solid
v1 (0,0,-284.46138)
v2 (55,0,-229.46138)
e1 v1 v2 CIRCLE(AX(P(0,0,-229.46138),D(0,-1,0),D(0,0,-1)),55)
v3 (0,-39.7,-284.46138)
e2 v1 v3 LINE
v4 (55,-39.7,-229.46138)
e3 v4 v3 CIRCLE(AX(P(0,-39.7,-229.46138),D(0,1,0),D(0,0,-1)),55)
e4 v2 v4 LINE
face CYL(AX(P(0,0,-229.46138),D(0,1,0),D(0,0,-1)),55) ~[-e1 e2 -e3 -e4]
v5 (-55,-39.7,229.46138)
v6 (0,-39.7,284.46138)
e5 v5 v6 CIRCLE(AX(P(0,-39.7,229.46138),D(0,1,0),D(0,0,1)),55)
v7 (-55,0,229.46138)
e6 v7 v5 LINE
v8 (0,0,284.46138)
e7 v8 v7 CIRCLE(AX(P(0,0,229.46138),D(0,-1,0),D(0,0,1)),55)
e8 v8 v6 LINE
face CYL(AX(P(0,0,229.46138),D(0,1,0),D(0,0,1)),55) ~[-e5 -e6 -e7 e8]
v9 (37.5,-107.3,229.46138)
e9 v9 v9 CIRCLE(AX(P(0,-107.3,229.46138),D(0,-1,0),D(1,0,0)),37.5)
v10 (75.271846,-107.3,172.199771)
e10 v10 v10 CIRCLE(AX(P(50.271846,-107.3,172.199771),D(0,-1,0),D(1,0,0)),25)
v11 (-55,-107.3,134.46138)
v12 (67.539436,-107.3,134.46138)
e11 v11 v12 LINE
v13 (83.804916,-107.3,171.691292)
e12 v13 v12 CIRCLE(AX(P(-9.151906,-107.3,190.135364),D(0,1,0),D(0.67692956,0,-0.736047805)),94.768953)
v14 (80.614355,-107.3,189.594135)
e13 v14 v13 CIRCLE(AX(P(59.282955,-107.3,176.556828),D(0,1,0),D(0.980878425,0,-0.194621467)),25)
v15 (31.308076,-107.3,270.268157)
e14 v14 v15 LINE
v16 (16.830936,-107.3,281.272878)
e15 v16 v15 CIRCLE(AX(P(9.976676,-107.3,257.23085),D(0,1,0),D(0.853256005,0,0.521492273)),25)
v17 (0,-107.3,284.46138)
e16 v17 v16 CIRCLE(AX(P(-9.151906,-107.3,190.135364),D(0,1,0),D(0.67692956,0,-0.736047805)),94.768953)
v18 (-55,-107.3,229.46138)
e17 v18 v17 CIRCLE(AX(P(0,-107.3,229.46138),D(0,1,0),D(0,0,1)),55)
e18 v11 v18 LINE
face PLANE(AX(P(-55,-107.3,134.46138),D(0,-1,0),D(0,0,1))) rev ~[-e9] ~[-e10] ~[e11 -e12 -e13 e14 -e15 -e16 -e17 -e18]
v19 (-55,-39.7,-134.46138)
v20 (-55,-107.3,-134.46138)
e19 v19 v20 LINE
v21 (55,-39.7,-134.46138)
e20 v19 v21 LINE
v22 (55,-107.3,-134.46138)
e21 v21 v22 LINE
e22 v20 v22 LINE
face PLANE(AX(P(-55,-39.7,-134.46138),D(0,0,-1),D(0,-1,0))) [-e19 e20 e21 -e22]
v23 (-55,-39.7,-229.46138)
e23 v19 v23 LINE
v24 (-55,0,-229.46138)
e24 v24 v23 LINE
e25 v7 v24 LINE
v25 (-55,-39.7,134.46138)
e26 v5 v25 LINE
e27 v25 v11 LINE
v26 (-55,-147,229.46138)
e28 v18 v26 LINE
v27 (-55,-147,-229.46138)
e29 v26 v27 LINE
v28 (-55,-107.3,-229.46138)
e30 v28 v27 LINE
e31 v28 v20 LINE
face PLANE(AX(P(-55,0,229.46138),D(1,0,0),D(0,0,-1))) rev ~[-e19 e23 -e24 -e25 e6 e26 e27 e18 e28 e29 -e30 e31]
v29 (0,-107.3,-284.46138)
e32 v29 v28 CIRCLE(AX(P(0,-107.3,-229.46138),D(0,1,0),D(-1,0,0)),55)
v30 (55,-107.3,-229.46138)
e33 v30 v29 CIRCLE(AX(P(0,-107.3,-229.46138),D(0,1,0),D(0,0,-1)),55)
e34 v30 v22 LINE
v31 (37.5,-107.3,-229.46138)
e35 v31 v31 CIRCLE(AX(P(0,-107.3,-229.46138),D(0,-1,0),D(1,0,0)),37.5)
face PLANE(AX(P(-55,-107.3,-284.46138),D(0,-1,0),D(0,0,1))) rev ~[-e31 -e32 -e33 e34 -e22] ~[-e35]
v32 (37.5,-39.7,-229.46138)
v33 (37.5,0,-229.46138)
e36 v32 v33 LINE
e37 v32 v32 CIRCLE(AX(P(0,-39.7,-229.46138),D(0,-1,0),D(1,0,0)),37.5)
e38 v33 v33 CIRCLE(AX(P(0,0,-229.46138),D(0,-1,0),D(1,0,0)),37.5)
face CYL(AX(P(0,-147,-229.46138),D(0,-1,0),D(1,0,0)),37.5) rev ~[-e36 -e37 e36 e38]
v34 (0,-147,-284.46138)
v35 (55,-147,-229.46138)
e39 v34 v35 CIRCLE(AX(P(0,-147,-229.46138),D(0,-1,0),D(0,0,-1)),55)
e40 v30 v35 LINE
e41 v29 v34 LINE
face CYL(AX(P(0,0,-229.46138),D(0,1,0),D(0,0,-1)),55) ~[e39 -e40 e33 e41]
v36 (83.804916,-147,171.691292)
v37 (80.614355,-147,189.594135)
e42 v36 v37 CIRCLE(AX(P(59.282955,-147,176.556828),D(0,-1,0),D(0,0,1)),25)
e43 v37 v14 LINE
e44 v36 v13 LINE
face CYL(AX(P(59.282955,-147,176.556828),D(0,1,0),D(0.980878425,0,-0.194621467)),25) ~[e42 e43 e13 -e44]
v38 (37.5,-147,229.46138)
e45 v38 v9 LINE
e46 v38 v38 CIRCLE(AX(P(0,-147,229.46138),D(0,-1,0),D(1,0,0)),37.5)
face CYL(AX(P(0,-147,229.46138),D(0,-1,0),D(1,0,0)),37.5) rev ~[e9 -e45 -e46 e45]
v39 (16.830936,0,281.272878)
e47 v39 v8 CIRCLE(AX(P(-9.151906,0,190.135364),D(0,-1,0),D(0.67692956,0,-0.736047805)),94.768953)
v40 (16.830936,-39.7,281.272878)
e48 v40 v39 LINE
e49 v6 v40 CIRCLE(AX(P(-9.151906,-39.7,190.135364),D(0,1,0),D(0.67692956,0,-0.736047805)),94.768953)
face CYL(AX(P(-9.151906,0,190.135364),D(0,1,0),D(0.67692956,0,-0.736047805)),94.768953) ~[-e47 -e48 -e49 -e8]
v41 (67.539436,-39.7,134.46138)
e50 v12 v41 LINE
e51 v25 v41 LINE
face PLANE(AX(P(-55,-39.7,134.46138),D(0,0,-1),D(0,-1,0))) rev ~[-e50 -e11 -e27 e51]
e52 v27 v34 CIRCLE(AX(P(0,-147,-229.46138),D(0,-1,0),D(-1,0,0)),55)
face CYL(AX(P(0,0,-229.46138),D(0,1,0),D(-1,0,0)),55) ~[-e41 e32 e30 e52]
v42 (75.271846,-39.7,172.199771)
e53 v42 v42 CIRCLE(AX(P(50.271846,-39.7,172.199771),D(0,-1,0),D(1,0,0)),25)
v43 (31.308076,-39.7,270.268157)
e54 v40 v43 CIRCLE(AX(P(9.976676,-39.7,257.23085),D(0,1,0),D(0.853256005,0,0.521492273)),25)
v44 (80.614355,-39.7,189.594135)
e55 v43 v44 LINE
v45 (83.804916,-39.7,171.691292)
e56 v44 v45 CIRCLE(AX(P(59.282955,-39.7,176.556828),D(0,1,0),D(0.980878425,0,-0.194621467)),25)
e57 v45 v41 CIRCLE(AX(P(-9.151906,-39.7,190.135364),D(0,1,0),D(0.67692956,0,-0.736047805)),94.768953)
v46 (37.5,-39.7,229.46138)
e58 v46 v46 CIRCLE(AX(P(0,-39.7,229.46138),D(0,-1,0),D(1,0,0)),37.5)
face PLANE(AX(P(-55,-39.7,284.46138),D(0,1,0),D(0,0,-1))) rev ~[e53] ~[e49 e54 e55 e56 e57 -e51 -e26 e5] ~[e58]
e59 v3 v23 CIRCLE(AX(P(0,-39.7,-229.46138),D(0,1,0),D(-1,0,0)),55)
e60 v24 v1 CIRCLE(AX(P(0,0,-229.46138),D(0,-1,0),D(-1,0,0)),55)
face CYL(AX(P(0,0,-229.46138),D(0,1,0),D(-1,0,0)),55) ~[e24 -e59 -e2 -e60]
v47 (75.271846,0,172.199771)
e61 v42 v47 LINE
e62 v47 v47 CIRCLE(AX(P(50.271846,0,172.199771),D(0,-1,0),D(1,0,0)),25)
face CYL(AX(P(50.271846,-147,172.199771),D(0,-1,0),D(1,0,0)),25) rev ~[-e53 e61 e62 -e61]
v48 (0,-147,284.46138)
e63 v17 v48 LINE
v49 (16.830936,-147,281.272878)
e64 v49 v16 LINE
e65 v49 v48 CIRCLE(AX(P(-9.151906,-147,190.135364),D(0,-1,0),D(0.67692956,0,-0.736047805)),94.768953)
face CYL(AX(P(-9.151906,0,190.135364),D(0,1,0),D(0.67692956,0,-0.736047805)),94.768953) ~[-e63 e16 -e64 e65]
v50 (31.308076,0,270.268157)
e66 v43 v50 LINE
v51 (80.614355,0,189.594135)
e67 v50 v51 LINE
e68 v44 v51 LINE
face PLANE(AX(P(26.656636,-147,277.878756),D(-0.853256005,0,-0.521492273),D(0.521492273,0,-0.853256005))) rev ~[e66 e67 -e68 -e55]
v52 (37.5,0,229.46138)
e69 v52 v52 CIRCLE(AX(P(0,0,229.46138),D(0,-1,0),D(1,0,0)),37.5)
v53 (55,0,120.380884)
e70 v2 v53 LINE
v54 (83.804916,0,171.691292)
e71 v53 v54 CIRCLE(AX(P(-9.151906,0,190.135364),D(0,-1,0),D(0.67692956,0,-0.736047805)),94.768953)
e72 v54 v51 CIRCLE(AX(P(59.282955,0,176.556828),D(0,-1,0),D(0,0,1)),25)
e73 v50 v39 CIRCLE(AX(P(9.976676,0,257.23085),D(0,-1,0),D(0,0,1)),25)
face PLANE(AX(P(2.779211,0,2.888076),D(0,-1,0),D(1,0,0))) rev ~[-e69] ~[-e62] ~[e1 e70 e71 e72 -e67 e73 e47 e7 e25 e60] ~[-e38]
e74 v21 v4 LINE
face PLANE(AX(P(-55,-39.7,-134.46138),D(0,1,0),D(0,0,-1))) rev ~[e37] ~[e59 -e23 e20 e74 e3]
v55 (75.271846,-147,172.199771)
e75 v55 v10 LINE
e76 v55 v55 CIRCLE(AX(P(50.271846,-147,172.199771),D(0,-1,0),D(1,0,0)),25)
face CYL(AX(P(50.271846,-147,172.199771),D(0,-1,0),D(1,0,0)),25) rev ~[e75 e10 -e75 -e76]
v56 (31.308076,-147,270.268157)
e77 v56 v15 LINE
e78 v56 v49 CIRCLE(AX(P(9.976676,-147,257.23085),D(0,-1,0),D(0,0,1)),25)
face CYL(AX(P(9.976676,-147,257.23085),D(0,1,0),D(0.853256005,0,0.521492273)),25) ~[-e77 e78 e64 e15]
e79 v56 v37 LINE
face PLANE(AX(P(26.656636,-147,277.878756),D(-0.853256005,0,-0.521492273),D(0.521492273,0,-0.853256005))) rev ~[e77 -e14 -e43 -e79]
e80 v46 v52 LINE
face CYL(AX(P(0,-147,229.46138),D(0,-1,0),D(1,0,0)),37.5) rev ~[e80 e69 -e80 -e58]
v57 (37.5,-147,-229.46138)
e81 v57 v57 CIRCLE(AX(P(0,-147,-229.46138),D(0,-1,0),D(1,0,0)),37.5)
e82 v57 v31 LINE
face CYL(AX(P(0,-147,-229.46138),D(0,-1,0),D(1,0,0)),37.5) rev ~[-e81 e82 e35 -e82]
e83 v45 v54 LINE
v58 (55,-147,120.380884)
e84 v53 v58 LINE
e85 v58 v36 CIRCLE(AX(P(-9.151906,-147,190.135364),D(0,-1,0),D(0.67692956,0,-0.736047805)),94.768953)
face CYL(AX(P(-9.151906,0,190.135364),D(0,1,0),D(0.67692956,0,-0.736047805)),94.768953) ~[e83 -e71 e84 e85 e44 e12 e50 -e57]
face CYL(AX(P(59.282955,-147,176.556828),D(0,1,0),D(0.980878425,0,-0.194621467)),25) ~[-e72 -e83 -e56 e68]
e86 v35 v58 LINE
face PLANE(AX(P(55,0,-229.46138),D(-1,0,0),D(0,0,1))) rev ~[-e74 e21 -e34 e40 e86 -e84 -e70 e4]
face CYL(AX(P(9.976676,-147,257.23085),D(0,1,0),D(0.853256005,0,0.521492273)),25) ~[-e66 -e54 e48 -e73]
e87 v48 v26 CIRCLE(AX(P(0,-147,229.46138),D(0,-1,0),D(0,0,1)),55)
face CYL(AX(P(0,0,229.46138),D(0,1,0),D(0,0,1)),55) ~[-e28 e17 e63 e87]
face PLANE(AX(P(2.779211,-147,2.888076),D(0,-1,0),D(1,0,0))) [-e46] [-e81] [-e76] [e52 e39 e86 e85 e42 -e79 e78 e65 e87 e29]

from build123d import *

# Parameters (mm, degrees)
F1_DEPTH = 147
F2_R     = 37.5
F2_R_2   = 25
F3_DEPTH = 147.001
F5_DEPTH = 147.001
F6_R     = 25
F7_W     = 67.6
F7_H     = 95
F7_H_2   = 55
F8_DEPTH = 139.2839551991


with BuildPart() as f1:
    # F0 (on Front) → F1 (new body)
    with BuildSketch(Plane.XZ):
        with BuildLine():
            Line((55, -229.4613795656), (55, 120.3808841783))
            ThreePointArc((55, 120.3808841783), (80.7033356829, 220.2549606622), (0, 284.4613795656))
            ThreePointArc((0, 284.4613795656), (-38.8908729653, 268.3522525309), (-55, 229.4613795656))
            Line((-55, 229.4613795656), (-55, -229.4613795656))
            ThreePointArc((-55, -229.4613795656), (-38.8908729653, -268.3522525309), (0, -284.4613795656))
            ThreePointArc((0, -284.4613795656), (38.8908729653, -268.3522525309), (55, -229.4613795656))
        make_face()
    extrude(amount=F1_DEPTH)

    # F2 (on face) → F3 (cut, through all)
    with BuildSketch(Plane.XZ.offset(147)):
        with Locations((0, 229.4613795656)):
            Circle(F2_R)
        with Locations((0, -229.4613795656)):
            Circle(F2_R)
        with Locations((50.271846354, 172.1997708082)):
            Circle(F2_R_2)
    extrude(amount=-F3_DEPTH, mode=Mode.SUBTRACT)

    # F4 (on face) → F5 (cut, through all)
    with BuildSketch(Plane.XZ.offset(147)):
        with BuildLine():
            ThreePointArc((85.2657948536, 181.983535776), (71.7102726141, 239.5566412204), (26.6566362615, 277.878756312))
            Line((26.6566362615, 277.878756312), (85.2657948536, 181.983535776))
        make_face()
    extrude(amount=-F5_DEPTH, mode=Mode.SUBTRACT)

    # F6
    f6_edges = [f1.edges().sort_by_distance(p)[0] for p in [
        (85.265795, -73.5, 181.983536),
        (26.656636, -73.5, 277.878756),
    ]]
    fillet(f6_edges, radius=F6_R)

    # F7 (on face) → F8 (cut, through all)
    with BuildSketch(Plane(origin=(-55, 0, 0), x_dir=(0, -1, 0), z_dir=(-1, 0, 0))):
        with Locations((73.5, -181.9613795656)):
            Rectangle(F7_W, F7_H)
        with Locations((73.5, -256.9613795656)):
            Rectangle(F7_W, F7_H_2)
        with Locations((73.5, 181.9613795656)):
            Rectangle(F7_W, F7_H)
        with Locations((73.5, 256.9613795656)):
            Rectangle(F7_W, F7_H_2)
    extrude(amount=-F8_DEPTH, mode=Mode.SUBTRACT)


solid = f1.part
